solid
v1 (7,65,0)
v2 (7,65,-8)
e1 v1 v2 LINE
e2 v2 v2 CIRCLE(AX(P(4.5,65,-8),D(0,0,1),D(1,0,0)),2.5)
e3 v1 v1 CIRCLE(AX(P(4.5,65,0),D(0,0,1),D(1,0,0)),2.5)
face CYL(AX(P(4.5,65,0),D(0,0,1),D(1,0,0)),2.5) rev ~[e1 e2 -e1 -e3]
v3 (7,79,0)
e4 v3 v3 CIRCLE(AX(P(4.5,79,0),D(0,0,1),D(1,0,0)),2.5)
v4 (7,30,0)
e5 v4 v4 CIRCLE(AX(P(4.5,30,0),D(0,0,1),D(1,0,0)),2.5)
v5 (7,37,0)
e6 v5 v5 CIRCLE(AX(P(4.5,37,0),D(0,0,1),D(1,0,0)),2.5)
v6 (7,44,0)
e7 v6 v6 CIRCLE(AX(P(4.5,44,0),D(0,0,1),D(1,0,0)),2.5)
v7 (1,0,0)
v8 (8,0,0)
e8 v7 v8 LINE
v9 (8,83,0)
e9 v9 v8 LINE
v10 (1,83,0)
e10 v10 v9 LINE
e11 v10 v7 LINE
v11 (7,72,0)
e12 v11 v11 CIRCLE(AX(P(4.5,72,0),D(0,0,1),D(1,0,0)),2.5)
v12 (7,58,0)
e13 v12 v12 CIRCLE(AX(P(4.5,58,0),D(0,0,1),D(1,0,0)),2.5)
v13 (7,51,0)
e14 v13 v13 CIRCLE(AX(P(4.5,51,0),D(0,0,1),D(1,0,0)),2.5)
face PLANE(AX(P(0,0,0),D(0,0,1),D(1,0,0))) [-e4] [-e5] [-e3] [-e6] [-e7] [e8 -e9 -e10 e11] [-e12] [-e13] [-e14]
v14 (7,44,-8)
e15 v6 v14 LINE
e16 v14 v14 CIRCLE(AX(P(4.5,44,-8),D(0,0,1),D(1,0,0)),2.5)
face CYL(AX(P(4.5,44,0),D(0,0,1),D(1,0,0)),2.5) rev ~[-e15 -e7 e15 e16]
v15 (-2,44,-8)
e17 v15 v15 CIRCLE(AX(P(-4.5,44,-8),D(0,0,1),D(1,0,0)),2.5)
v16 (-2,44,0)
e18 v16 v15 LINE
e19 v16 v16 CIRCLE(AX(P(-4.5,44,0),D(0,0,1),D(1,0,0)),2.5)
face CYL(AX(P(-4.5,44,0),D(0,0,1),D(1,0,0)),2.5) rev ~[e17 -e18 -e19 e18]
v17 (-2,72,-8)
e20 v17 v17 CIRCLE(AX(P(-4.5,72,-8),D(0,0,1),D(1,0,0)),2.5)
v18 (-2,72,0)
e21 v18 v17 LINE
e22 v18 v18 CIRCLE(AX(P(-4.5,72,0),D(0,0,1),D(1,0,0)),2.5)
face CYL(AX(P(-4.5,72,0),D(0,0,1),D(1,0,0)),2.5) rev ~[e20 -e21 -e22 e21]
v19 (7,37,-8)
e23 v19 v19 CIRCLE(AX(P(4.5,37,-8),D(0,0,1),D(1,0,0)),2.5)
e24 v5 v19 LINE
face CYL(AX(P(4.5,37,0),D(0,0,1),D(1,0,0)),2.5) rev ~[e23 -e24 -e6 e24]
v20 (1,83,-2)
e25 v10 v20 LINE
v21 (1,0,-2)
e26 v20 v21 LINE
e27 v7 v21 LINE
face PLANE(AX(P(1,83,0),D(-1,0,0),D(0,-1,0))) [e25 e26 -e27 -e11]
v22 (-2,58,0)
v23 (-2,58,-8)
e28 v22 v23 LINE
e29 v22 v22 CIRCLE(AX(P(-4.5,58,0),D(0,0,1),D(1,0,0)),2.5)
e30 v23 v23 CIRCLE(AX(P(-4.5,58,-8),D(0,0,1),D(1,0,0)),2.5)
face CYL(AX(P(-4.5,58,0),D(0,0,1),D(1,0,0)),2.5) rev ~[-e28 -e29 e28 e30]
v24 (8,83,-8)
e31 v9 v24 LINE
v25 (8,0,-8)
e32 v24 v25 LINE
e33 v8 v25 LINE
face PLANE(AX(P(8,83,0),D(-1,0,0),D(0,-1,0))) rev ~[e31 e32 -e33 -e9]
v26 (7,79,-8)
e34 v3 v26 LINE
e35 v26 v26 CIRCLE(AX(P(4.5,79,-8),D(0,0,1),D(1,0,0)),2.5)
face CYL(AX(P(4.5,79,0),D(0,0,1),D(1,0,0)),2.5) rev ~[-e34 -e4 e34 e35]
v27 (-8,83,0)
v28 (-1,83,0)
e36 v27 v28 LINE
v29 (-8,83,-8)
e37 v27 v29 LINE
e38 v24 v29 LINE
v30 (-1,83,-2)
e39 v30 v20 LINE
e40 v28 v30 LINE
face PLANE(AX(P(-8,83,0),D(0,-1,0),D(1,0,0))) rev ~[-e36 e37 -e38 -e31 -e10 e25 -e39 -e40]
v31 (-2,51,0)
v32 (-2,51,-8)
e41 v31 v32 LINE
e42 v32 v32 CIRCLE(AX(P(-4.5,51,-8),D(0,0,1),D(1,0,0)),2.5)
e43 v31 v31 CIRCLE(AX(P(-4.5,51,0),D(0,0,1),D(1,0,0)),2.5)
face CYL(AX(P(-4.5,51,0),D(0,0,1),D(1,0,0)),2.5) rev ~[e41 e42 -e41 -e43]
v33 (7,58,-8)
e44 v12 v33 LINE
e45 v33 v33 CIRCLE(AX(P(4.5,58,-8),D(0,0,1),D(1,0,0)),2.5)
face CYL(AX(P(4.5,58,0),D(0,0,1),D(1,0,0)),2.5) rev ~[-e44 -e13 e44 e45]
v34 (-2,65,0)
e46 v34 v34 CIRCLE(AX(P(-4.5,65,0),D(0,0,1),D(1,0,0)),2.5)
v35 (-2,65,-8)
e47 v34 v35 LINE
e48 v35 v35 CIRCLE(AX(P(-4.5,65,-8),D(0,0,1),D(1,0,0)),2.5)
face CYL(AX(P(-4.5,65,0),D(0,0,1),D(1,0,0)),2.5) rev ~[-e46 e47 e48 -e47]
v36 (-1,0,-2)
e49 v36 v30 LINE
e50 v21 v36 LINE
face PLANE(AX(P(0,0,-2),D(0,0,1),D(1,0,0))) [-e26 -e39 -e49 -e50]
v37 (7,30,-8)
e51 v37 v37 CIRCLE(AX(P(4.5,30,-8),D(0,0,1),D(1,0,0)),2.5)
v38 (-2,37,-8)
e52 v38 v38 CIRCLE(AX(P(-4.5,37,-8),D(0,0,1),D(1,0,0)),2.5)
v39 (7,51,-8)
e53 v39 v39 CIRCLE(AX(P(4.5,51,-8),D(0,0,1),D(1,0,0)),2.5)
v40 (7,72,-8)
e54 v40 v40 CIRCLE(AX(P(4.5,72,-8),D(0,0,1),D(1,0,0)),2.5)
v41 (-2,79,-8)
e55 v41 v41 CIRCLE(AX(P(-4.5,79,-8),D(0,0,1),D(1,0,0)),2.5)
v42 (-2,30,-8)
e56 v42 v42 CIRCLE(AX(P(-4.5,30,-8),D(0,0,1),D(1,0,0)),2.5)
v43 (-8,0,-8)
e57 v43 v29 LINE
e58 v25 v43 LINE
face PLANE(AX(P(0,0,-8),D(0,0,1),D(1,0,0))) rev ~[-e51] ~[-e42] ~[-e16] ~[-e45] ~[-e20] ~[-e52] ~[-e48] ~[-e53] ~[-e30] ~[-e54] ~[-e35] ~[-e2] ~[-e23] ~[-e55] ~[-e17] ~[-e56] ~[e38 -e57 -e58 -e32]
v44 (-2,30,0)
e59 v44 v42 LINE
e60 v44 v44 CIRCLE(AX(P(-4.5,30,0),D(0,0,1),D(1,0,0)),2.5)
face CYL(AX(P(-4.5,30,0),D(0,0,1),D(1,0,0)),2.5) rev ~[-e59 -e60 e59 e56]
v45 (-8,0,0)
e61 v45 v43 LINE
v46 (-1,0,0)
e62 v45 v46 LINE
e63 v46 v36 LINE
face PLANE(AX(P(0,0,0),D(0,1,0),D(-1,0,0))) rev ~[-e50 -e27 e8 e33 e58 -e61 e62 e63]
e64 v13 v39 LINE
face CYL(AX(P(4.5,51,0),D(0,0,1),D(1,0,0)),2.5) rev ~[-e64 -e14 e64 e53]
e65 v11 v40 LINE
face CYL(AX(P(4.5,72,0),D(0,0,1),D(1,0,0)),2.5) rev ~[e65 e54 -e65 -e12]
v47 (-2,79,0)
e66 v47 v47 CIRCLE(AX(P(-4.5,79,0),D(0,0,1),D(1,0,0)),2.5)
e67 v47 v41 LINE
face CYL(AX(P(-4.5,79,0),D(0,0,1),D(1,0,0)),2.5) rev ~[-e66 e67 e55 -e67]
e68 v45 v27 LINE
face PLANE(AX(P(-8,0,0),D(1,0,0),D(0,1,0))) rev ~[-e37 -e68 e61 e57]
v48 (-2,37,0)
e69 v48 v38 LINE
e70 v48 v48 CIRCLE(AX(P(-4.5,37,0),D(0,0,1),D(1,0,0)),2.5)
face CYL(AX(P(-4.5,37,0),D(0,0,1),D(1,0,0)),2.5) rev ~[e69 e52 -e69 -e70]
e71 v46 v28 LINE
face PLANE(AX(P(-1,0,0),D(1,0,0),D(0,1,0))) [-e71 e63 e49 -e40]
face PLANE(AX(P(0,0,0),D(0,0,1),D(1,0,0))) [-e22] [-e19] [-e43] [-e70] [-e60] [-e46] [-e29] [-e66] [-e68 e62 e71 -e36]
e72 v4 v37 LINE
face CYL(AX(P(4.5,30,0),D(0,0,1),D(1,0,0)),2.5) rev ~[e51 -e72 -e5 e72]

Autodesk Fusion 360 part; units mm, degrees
sketch "tree" plane through (0, 0, 0) normal (0, 0, 1) x (1, 0, 0)
  line L0 (0, 0) -> (0, 94.3715) construction
  circle A0 centre (-4.5, 30) radius 2.5
  circle A1 centre (4.5, 30) radius 2.5
  circle A2 centre (-4.5, 37) radius 2.5
  circle A3 centre (4.5, 37) radius 2.5
  circle A4 centre (-4.5, 44) radius 2.5
  circle A5 centre (4.5, 44) radius 2.5
  circle A6 centre (-4.5, 51) radius 2.5
  circle A7 centre (4.5, 51) radius 2.5
  circle A8 centre (-4.5, 58) radius 2.5
  circle A9 centre (4.5, 58) radius 2.5
  circle A10 centre (-4.5, 65) radius 2.5
  circle A11 centre (4.5, 65) radius 2.5
  circle A12 centre (-4.5, 72) radius 2.5
  circle A13 centre (4.5, 72) radius 2.5
  circle A14 centre (-4.5, 79) radius 2.5
  circle A15 centre (4.5, 79) radius 2.5
  line L1 (-1, 83) -> (1, 83)
  line L2 (1, 83) -> (1, 0)
  line L3 (1, 0) -> (-1, 0)
  line L4 (-1, 0) -> (-1, 83)
  dimension "d7" = 5
  dimension "d10" = 9
  dimension "d11" = 7
  dimension "d12" = 2
  dimension "d13" = 30
  dimension "d14" = 4
sketch "plate" plane through (0, 0, 0) normal (0, 0, 1) x (1, 0, 0)
  line L0 (-8, 83) -> (8, 83)
  line L1 (8, 83) -> (8, 0)
  line L2 (8, 0) -> (-8, 0)
  line L3 (-8, 0) -> (-8, 83)
  line L4 (0, 0) -> (0, 94.3715)
  point P0 (1, 83)
  dimension "d16" = 8
extrude "Extrude1" add sketch "plate" against normal blind 8
extrude "Extrude2" cut sketch "tree" against normal through all contours A0 | A1 | A2 | A3 | A4 | A5 | A6 | A7 | A8 | A9 | A10 | A11 | A12 | A13 | A14 | A15
extrude "Extrude3" cut sketch "tree" against normal blind 2 contours L1 L2 L3 L4
equation "led_dia = 5 mm"
equation "wire_dia = 2 mm"
equation "led_vspace = 2 mm" comment "Vertical spacing between leds"
equation "led_hspace = 2 mm" comment "horizontal spacing between led and centerline of wire"
equation "wire_bottom_stickout = 30 mm" comment "How far the wire should expand beneath the center of the topmost led"
equation "wire_top_stickout = 4 mm" comment "How far the wire should extend above the center of the topmost led"
equation "d7 = led_dia"
equation "d10 = led_dia + led_hspace + wire_dia"
equation "d11 = led_dia + led_vspace"
equation "d12 = wire_dia"
equation "d13 = wire_bottom_stickout"
equation "d14 = wire_top_stickout"
equation "d16 = led_dia + led_hspace + 1 mm"
